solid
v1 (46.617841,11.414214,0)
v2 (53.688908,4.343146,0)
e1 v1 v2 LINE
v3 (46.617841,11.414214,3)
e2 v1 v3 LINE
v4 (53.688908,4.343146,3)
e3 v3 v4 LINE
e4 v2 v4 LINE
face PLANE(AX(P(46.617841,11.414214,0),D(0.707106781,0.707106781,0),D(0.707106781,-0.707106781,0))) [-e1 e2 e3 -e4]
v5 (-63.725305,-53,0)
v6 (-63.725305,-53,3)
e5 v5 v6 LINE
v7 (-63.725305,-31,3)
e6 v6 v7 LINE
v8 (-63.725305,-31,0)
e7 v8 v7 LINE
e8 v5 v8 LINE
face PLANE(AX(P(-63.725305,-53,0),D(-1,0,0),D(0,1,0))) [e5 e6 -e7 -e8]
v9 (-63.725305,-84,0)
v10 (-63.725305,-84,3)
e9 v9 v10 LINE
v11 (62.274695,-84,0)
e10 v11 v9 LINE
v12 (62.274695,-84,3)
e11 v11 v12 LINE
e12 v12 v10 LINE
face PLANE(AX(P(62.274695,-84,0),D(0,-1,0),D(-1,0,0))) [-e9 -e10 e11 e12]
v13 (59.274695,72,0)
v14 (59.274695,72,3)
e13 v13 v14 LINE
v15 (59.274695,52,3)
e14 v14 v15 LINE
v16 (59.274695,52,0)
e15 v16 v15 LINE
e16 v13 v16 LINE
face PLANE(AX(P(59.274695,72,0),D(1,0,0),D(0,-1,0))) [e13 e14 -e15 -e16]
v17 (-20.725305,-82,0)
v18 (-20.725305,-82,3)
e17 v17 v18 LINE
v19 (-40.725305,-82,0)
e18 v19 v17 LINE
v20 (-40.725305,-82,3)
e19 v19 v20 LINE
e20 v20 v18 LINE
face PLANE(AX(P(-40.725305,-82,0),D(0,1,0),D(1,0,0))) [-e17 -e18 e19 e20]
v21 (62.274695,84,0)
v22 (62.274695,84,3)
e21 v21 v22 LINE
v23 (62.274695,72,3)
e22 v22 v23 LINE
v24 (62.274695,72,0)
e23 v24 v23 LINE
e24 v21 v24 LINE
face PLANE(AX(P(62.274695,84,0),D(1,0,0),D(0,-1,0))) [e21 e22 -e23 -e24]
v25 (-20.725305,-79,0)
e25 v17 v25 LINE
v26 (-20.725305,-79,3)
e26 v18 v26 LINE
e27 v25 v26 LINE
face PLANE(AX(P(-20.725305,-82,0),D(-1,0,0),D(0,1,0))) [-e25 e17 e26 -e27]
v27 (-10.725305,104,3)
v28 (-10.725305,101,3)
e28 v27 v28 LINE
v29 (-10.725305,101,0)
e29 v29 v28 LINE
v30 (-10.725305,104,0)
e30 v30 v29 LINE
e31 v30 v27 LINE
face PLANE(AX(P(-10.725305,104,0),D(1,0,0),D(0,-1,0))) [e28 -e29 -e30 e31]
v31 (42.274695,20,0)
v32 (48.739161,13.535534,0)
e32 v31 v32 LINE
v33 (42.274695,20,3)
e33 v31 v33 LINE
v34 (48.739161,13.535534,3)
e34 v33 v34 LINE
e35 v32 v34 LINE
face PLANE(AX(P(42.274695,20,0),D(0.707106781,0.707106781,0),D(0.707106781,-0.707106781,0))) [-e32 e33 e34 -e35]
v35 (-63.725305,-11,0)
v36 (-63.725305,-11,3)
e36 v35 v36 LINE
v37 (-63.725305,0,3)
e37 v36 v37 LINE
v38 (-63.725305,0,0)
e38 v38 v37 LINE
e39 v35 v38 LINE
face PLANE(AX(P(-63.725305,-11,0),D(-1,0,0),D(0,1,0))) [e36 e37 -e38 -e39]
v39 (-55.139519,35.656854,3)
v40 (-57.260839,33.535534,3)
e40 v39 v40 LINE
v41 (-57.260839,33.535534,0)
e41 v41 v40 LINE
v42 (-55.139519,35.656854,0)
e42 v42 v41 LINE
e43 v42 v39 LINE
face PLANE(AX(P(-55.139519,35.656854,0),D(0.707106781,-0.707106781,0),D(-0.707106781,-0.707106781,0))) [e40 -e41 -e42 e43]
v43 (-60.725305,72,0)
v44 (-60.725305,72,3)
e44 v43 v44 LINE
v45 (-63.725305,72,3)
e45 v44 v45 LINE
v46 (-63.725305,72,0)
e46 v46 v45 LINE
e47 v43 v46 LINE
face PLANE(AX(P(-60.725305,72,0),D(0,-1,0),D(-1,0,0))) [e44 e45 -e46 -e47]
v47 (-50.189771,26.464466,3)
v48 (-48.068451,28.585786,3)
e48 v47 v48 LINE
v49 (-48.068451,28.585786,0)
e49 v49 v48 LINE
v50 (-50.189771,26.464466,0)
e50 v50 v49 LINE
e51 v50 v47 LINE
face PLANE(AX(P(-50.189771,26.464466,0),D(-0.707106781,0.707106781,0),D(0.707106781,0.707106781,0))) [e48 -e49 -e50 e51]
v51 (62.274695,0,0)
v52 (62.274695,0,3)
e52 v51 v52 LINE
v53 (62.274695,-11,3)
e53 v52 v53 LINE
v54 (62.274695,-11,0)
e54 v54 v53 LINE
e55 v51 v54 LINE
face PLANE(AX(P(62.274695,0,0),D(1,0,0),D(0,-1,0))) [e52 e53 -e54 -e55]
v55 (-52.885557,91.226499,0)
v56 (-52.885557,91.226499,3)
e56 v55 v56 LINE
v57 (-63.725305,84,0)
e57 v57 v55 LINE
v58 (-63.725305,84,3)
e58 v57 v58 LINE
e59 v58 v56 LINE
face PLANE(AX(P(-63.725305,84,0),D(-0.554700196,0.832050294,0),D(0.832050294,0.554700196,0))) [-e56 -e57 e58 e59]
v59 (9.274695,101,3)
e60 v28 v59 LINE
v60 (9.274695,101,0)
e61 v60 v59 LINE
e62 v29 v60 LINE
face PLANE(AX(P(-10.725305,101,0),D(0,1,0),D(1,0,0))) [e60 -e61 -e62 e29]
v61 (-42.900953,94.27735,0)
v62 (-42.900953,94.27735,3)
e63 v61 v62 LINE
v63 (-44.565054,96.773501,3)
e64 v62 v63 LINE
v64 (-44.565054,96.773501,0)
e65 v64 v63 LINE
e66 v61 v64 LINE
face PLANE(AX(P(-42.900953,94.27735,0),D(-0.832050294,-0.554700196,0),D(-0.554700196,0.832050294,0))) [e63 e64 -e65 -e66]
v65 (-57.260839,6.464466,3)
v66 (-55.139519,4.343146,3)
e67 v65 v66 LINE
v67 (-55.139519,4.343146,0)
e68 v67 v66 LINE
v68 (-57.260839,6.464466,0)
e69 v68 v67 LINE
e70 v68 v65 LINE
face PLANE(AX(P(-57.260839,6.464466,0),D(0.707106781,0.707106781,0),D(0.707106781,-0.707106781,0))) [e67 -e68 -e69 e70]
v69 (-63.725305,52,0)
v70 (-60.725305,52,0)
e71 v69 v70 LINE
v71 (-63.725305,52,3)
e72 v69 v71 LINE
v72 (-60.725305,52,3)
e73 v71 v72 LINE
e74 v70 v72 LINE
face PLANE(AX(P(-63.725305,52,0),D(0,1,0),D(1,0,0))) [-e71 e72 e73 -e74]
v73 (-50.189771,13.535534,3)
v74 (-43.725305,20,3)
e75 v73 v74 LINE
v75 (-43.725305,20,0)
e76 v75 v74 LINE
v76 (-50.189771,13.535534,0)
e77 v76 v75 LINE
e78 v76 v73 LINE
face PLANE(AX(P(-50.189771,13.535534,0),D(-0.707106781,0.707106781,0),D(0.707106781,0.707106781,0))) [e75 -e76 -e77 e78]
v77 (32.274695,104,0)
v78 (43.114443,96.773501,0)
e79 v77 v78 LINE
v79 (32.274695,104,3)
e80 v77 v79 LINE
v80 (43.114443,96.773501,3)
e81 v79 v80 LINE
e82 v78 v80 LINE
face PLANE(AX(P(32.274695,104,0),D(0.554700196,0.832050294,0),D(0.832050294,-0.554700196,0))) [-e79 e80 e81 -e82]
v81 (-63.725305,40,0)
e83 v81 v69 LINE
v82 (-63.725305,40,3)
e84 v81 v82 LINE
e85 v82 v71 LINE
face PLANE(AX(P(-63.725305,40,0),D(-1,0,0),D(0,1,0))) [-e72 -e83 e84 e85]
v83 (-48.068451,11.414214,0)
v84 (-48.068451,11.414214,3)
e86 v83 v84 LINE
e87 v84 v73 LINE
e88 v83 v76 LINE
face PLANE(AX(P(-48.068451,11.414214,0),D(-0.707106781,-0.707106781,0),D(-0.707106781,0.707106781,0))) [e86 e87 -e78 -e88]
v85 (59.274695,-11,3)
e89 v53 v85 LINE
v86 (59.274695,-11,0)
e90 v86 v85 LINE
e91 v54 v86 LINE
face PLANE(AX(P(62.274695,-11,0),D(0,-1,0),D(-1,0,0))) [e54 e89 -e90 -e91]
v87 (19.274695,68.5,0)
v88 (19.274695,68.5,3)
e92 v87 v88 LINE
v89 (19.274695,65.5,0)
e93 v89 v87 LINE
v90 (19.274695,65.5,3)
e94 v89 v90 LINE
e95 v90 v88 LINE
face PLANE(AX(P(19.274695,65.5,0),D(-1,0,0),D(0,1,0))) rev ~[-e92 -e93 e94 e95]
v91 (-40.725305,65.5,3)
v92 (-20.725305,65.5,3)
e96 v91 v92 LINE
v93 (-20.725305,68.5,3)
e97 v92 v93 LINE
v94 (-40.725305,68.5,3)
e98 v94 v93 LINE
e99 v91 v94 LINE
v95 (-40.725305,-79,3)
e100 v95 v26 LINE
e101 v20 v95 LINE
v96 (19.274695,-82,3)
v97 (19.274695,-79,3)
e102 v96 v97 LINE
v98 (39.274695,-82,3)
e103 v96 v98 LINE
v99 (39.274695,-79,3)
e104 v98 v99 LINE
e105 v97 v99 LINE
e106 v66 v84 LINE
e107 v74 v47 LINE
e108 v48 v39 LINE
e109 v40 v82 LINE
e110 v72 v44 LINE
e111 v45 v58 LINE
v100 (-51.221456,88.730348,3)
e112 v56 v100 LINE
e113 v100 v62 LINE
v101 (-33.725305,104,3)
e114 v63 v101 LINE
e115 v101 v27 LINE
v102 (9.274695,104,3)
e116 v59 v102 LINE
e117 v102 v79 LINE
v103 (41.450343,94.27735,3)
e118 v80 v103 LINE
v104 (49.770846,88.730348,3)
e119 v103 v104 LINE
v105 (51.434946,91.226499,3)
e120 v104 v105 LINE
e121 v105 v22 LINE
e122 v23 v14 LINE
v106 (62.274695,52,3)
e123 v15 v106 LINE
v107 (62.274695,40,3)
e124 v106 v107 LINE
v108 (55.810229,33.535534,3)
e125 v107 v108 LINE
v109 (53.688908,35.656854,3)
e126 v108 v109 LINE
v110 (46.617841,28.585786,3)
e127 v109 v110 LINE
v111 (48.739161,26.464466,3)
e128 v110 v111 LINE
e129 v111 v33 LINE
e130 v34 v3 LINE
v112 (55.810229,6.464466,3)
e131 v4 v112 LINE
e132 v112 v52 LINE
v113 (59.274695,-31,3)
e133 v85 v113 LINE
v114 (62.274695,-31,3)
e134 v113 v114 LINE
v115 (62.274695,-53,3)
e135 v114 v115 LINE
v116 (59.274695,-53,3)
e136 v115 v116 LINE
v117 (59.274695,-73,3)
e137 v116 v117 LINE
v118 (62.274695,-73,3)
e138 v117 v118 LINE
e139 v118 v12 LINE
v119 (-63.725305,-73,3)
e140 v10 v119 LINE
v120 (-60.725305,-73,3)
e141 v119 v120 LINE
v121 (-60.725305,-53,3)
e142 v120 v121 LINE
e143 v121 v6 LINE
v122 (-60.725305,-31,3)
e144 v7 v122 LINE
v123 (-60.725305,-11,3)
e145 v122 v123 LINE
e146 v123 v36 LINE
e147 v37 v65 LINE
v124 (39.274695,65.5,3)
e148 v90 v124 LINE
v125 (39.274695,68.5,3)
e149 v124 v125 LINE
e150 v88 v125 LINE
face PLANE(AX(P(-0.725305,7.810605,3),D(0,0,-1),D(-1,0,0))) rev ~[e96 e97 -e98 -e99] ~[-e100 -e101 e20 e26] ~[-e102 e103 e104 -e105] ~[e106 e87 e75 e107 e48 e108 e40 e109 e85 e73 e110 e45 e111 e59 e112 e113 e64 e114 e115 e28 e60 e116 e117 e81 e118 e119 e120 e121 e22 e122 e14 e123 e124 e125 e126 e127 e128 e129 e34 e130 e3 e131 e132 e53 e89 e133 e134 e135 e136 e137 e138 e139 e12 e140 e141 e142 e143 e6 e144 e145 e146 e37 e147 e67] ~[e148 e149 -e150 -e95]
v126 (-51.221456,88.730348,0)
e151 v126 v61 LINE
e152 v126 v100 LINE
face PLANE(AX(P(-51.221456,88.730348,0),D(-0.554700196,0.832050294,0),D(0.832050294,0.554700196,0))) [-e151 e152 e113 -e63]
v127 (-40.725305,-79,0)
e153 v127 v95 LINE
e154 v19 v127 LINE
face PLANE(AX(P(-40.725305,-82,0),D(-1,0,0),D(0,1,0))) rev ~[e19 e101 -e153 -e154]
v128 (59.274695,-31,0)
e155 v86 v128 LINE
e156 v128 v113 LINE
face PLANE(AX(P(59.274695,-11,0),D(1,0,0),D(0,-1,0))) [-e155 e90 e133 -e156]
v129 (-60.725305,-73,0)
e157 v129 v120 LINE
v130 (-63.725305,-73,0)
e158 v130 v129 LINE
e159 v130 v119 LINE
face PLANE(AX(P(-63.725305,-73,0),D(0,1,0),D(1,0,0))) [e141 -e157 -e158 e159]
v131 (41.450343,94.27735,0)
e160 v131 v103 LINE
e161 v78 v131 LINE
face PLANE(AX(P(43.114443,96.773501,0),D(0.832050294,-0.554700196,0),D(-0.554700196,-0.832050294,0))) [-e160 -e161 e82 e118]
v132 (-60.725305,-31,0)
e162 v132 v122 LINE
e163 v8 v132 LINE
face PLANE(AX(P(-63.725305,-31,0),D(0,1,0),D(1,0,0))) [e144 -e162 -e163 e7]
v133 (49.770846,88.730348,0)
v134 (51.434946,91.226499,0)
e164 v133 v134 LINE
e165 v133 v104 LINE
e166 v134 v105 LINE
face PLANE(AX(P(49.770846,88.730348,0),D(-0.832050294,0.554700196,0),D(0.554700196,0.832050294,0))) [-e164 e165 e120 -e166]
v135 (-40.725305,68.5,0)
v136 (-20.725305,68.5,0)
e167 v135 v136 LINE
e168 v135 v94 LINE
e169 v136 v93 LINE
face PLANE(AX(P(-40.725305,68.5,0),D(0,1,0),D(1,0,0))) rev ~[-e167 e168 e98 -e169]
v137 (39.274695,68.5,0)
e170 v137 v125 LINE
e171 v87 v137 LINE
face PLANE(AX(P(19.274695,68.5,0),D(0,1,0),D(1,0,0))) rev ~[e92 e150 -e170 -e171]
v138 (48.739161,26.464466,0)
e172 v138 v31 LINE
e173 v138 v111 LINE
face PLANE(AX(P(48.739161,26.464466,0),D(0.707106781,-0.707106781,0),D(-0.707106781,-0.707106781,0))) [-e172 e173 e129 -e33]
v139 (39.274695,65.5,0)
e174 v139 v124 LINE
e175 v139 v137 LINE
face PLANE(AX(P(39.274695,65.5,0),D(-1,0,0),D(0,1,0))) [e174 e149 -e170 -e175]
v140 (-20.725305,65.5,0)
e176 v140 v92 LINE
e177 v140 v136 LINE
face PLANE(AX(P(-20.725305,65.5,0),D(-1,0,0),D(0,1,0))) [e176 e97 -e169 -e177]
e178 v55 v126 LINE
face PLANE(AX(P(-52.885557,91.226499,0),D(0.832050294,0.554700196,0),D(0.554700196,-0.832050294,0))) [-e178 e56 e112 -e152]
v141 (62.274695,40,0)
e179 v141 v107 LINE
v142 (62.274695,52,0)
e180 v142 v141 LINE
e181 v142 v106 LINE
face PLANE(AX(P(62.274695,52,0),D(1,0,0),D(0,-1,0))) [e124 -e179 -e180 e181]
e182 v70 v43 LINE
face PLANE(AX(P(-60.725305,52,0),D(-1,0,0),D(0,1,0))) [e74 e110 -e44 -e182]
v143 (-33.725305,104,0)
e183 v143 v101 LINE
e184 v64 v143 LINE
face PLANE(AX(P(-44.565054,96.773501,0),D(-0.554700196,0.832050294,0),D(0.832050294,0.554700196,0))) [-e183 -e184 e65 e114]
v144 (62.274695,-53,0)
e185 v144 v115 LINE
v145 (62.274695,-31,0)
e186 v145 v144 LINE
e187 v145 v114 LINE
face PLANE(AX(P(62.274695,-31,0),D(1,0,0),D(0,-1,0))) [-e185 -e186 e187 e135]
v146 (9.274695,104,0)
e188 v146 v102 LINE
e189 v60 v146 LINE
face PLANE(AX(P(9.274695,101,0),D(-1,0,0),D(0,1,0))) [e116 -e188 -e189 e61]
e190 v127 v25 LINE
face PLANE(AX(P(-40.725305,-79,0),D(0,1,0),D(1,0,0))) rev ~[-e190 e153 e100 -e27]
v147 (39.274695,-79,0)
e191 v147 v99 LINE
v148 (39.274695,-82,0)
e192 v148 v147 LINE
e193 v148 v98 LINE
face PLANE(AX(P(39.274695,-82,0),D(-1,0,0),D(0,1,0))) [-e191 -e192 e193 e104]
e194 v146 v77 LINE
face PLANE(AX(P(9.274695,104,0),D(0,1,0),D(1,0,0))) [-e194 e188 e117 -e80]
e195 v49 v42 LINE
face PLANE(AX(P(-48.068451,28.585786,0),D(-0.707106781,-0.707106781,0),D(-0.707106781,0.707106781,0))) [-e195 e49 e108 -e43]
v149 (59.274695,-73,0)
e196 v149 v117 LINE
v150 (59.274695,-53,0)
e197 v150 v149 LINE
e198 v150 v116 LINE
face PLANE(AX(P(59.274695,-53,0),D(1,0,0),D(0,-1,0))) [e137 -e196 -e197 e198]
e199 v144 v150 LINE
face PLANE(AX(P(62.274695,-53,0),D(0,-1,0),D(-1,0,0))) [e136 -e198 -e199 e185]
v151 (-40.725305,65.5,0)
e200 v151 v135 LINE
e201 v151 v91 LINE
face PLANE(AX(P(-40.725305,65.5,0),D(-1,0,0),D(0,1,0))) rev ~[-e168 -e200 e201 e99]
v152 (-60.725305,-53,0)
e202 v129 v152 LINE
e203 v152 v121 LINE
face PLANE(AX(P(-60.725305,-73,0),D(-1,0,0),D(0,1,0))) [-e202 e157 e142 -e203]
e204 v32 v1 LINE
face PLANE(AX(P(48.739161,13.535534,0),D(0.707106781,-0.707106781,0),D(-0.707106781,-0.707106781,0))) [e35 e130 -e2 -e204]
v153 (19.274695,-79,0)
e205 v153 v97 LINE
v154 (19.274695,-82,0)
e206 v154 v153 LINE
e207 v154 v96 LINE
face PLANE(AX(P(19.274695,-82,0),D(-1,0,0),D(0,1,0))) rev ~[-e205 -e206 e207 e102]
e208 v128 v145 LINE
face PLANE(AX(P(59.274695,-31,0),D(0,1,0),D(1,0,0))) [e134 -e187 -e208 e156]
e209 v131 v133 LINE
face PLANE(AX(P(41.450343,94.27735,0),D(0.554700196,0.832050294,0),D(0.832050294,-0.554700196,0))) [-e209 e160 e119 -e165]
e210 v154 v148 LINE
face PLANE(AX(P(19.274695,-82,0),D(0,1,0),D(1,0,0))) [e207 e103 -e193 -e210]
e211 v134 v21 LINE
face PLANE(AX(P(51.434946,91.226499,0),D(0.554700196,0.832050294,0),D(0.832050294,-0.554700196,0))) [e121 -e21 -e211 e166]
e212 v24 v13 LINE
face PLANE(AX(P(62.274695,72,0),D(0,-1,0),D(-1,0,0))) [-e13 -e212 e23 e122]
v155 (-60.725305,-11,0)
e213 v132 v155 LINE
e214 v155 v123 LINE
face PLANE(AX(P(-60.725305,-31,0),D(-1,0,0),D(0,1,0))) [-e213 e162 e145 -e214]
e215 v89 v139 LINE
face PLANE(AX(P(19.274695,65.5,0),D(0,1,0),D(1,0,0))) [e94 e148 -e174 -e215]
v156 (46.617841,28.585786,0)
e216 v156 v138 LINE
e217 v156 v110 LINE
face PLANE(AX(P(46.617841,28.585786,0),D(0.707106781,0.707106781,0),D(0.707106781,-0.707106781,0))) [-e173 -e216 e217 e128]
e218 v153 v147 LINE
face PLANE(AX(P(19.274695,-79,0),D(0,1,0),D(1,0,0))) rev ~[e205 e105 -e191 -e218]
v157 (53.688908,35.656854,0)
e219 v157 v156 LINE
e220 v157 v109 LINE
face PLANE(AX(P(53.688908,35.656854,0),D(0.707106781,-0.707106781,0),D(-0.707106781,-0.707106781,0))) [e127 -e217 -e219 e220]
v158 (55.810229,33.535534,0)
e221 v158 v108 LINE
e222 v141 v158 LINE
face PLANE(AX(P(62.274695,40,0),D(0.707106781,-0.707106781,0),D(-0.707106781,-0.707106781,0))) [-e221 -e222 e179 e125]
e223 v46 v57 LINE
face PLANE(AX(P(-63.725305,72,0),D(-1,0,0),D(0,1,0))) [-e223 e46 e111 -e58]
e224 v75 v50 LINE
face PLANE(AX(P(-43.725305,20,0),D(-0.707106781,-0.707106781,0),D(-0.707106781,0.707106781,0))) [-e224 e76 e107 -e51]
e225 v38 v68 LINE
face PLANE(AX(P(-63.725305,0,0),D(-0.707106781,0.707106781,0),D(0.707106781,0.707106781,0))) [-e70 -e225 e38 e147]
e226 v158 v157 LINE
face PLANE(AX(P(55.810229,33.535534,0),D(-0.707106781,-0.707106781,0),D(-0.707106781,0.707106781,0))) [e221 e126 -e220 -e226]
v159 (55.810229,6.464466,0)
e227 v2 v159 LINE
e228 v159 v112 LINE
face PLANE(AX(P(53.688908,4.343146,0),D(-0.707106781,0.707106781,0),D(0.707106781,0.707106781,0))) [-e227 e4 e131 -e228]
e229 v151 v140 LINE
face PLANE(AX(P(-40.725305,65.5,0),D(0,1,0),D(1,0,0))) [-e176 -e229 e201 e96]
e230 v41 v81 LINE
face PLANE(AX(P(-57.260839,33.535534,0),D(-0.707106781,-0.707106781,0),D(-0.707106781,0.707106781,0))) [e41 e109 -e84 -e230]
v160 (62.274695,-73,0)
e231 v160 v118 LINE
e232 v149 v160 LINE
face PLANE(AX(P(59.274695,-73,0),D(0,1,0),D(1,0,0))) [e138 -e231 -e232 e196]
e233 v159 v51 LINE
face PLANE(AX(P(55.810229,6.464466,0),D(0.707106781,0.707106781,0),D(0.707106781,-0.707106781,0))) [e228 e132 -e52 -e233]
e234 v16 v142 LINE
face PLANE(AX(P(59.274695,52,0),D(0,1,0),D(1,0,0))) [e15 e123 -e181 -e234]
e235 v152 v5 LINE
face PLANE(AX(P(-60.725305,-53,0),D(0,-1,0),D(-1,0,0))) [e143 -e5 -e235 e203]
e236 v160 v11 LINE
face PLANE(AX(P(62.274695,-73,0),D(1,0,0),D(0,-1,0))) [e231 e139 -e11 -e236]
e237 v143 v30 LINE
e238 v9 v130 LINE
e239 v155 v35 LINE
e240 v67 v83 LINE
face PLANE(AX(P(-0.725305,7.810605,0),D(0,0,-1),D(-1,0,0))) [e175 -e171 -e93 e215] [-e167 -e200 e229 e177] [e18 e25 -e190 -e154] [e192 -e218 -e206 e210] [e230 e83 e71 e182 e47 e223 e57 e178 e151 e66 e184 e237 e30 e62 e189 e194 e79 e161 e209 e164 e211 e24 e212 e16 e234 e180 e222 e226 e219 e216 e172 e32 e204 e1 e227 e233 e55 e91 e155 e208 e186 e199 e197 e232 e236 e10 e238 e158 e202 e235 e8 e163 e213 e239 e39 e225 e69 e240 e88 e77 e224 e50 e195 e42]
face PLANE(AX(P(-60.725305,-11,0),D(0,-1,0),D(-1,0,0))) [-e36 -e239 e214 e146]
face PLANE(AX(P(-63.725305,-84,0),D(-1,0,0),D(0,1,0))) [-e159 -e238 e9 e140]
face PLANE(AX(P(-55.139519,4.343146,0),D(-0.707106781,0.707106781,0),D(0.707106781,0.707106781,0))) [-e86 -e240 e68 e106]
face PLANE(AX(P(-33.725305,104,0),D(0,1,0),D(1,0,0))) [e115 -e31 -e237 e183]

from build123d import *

# Parameters (mm, degrees)
SKETCH1_W           = 20
SKETCH1_H           = 3
BOSS_EXTRUDE1_DEPTH = 3


with BuildPart() as part:
    # Sketch1 → Boss-Extrude1 (new body)
    with BuildSketch(Plane.XY):
        Polygon((62.274694919, 0), (62.274694919, -11), (59.274694919, -11), (59.274694919, -31), (62.274694919, -31), (62.274694919, -53), (59.274694919, -53), (59.274694919, -73), (62.274694919, -73), (62.274694919, -84), (-63.725305081, -84), (-63.725305081, -73), (-60.725305081, -73), (-60.725305081, -53), (-63.725305081, -53), (-63.725305081, -31), (-60.725305081, -31), (-60.725305081, -11), (-63.725305081, -11), (-63.725305081, 0), (-57.260838987, 6.464466094), (-55.139518643, 4.343145751), (-48.068450831, 11.414213562), (-50.189771175, 13.535533906), (-43.725305081, 20), (-50.189771175, 26.464466094), (-48.068450831, 28.585786438), (-55.139518643, 35.656854249), (-57.260838987, 33.535533906), (-63.725305081, 40), (-63.725305081, 52), (-60.725305081, 52), (-60.725305081, 72), (-63.725305081, 72), (-63.725305081, 84), (-52.885556553, 91.226499019), (-51.221455964, 88.730348136), (-42.90095302, 94.277350098), (-44.565053609, 96.773500981), (-33.725305081, 104), (-10.725305081, 104), (-10.725305081, 101), (9.274694919, 101), (9.274694919, 104), (32.274694919, 104), (43.114443447, 96.773500981), (41.450342859, 94.277350098), (49.770845802, 88.730348136), (51.434946391, 91.226499019), (62.274694919, 84), (62.274694919, 72), (59.274694919, 72), (59.274694919, 52), (62.274694919, 52), (62.274694919, 40), (55.810228825, 33.535533906), (53.688908482, 35.656854249), (46.61784067, 28.585786438), (48.739161013, 26.464466094), (42.274694919, 20), (48.739161013, 13.535533906), (46.61784067, 11.414213562), (53.688908482, 4.343145751), (55.810228825, 6.464466094), align=None)
        with Locations((29.274694919, -80.5)):
            Rectangle(SKETCH1_W, SKETCH1_H, mode=Mode.SUBTRACT)
        with Locations((-30.725305081, -80.5)):
            Rectangle(SKETCH1_W, SKETCH1_H, mode=Mode.SUBTRACT)
        with Locations((29.274694919, 67)):
            Rectangle(SKETCH1_W, SKETCH1_H, mode=Mode.SUBTRACT)
        with Locations((-30.725305081, 67)):
            Rectangle(SKETCH1_W, SKETCH1_H, mode=Mode.SUBTRACT)
    extrude(amount=BOSS_EXTRUDE1_DEPTH)


solid = part.part
